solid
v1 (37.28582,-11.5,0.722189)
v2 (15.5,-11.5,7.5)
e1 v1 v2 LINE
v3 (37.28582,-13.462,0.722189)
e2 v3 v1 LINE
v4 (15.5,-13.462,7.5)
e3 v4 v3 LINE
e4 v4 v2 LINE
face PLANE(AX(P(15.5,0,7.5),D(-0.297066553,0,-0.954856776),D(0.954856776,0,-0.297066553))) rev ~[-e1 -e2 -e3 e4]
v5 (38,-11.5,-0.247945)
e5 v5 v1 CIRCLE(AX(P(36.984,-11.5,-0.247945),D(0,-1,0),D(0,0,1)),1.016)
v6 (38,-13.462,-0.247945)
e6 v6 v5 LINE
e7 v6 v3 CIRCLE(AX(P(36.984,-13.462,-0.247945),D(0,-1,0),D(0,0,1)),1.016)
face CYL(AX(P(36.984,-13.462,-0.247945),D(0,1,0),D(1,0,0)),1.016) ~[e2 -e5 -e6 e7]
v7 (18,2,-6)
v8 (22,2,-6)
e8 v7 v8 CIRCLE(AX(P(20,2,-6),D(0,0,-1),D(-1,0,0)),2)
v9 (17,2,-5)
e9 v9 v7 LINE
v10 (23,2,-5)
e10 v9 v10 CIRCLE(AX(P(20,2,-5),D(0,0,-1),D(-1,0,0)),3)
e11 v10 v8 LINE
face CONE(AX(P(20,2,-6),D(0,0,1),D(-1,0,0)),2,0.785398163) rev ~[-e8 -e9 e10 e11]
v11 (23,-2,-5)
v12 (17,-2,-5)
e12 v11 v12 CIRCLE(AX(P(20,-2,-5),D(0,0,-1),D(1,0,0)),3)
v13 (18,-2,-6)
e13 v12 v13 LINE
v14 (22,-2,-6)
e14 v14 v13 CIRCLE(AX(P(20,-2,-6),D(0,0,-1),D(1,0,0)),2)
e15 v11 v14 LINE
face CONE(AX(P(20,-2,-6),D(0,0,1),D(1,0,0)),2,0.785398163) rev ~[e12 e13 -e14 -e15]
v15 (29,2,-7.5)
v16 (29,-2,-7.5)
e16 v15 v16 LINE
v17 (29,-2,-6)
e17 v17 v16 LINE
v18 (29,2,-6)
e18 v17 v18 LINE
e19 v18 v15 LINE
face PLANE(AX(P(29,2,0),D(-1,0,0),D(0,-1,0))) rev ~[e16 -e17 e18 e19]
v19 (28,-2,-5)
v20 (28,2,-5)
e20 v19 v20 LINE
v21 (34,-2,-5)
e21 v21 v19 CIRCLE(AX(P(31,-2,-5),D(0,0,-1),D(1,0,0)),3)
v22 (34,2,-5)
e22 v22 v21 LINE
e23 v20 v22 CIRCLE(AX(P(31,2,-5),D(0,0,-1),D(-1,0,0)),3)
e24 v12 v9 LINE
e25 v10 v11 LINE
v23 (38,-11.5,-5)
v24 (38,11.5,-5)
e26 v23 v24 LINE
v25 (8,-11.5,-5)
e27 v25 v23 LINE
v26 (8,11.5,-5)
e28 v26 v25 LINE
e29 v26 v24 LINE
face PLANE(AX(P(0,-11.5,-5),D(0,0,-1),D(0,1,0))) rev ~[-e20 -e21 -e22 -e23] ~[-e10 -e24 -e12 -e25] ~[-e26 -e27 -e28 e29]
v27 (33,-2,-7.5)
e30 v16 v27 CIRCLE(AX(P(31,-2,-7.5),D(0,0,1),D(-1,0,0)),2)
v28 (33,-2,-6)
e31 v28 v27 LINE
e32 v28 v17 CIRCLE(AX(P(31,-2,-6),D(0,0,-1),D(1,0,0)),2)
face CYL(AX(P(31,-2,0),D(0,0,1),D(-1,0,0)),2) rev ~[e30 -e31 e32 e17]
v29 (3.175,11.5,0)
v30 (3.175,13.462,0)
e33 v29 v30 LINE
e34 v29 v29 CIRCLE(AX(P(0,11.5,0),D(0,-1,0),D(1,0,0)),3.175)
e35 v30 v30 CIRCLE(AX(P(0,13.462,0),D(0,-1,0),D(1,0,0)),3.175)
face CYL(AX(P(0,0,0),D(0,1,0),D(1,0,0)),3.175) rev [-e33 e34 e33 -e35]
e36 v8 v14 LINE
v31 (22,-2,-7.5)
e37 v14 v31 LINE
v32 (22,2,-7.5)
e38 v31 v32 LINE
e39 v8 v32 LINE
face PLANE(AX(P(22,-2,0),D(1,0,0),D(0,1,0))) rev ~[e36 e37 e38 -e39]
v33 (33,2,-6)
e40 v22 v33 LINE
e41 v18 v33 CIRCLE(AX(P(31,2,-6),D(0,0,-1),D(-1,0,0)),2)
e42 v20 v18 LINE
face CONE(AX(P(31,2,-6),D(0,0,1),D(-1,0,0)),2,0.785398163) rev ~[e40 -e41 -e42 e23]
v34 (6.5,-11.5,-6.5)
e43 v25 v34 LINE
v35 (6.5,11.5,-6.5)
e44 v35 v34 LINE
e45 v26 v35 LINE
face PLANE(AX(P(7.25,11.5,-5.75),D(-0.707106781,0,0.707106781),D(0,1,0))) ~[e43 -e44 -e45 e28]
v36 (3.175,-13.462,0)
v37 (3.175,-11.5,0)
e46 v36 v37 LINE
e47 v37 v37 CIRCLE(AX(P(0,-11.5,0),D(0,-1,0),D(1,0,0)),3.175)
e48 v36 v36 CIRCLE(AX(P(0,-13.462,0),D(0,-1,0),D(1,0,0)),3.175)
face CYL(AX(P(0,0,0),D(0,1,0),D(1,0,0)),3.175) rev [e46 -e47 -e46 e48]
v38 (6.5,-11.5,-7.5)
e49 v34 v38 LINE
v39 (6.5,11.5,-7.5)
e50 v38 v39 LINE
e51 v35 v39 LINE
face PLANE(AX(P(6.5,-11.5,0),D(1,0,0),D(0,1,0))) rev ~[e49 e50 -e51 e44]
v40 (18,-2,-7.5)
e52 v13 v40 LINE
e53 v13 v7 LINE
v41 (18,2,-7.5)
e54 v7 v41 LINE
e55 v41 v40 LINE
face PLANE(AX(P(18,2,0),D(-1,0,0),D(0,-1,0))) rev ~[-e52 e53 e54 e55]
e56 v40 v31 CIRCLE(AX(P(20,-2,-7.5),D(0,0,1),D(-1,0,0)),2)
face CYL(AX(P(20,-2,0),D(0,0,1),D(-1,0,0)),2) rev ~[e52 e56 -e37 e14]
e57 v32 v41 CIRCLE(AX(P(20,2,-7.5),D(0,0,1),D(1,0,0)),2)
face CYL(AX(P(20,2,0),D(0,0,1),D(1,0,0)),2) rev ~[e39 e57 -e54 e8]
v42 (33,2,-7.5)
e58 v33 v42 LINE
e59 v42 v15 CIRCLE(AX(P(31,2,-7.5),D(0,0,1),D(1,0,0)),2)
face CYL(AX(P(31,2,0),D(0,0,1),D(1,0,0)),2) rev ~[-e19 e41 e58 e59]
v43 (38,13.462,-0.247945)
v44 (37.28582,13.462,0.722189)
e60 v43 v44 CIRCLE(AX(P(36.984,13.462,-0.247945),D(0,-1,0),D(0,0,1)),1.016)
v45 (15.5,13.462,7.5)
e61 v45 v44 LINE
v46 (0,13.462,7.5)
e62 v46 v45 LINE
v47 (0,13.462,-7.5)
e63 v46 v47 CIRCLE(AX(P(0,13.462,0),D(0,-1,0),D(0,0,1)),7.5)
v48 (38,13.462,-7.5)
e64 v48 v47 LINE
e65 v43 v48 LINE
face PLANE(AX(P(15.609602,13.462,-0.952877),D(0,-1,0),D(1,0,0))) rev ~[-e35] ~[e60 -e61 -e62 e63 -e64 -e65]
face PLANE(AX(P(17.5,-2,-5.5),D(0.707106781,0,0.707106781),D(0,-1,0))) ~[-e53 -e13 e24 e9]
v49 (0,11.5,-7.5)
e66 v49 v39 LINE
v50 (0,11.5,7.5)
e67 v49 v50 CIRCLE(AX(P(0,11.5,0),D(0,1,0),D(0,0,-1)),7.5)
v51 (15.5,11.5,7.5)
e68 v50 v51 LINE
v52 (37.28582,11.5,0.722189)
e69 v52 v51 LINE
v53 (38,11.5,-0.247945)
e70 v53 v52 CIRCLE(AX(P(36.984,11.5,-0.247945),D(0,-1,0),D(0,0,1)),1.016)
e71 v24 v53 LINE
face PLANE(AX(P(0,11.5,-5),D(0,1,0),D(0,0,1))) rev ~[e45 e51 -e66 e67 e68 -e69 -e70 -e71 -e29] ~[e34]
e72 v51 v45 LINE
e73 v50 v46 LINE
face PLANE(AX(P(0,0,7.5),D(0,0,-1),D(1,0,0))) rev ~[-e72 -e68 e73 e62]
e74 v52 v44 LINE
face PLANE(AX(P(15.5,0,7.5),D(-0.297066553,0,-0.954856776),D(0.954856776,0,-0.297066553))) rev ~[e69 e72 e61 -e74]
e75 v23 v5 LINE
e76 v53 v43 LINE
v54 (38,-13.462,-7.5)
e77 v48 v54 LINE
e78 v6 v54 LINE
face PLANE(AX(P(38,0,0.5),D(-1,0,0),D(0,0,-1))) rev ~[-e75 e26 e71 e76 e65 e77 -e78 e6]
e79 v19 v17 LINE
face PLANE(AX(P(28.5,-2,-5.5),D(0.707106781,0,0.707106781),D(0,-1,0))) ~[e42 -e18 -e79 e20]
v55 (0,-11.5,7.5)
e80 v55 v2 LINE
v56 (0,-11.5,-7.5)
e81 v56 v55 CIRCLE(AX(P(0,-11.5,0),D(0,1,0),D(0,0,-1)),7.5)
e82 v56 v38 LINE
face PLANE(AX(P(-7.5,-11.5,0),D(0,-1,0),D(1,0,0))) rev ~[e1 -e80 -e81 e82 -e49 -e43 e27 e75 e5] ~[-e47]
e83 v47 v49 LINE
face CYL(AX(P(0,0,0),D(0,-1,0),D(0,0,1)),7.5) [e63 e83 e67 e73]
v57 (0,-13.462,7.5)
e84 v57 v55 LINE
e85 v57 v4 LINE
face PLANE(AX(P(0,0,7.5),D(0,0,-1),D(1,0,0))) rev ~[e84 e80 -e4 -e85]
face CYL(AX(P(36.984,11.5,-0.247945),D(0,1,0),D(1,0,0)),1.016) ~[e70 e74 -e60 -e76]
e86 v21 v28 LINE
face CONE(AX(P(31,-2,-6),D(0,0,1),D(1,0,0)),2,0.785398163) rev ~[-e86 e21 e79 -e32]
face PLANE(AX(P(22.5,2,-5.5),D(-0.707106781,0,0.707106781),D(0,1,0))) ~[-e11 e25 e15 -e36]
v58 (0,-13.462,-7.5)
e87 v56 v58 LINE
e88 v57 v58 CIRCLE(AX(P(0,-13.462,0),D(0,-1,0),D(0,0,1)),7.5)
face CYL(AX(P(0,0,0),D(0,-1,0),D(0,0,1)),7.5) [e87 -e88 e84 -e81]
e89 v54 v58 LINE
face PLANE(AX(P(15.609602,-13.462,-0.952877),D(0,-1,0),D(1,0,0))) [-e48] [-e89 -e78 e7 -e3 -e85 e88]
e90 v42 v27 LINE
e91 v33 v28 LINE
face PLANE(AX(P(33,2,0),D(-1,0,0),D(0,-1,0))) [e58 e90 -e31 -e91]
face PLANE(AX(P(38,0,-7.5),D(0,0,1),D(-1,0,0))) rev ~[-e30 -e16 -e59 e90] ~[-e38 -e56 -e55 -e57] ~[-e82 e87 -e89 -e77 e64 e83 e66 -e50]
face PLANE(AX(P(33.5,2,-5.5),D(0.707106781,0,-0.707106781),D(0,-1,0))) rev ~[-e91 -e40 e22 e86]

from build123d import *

# Parameters (mm, degrees)
SKETCH_R             = 3.175
PAD_DEPTH            = 13.462
SKETCH002_W          = 23
SKETCH002_H          = 13
POCKET_DEPTH         = 7.501
POCKET_DEPTH_BACK    = -38.001
SKETCH001_W          = 14
SKETCH001_H          = 23
POCKET001_DEPTH      = 7.501
POCKET001_DEPTH_BACK = -7.501
CHAMFER_SIZE         = 1.5
FILLET_R             = 1.016
FILLET001_R          = 1.016
CHAMFER001_SIZE      = 1
CHAMFER002_SIZE      = 1


with BuildPart() as part:
    # Sketch → Pad (new body, symmetric)
    with BuildSketch(Plane.XZ):
        with BuildLine():
            ThreePointArc((0, 7.5), (-7.5, 0), (0, -7.5))
            Line((38, -7.5), (0, -7.5))
            Line((38, 0.5), (38, -7.5))
            Line((15.5, 7.5), (38, 0.5))
            Line((0, 7.5), (15.5, 7.5))
        make_face()
        Circle(SKETCH_R, mode=Mode.SUBTRACT)
    extrude(amount=PAD_DEPTH, both=True)

    # Sketch002 → Pocket (cut, two sides)
    with BuildSketch(Plane.YZ) as pocket_sk:
        with Locations((0, 1.5)):
            Rectangle(SKETCH002_W, SKETCH002_H)
    extrude(amount=-POCKET_DEPTH, mode=Mode.SUBTRACT)
    extrude(pocket_sk.sketch, amount=-POCKET_DEPTH_BACK, mode=Mode.SUBTRACT)

    # Sketch001 → Pocket001 (cut, two sides)
    with BuildSketch(Plane.XY) as pocket001_sk:
        with Locations((-0.5, 0)):
            Rectangle(SKETCH001_W, SKETCH001_H)
        with BuildLine():
            Line((18, 2), (18, -2))
            ThreePointArc((18, -2), (20, -4), (22, -2))
            Line((22, -2), (22, 2))
            ThreePointArc((22, 2), (20, 4), (18, 2))
        make_face()
        with BuildLine():
            Line((29, 2), (29, -2))
            ThreePointArc((29, -2), (31, -4), (33, -2))
            Line((33, 2), (33, -2))
            ThreePointArc((33, 2), (31, 4), (29, 2))
        make_face()
    extrude(amount=-POCKET001_DEPTH, mode=Mode.SUBTRACT)
    extrude(pocket001_sk.sketch, amount=-POCKET001_DEPTH_BACK, mode=Mode.SUBTRACT)

    # Chamfer
    chamfer_edges = [part.edges().sort_by_distance(p)[0] for p in [
        (6.5, 0, -5),
    ]]
    chamfer(chamfer_edges, length=CHAMFER_SIZE)

    # Fillet
    fillet_edges = [part.edges().sort_by_distance(p)[0] for p in [
        (38, 12.481, 0.5),
    ]]
    fillet(fillet_edges, radius=FILLET_R)

    # Fillet001
    fillet001_edges = [part.edges().sort_by_distance(p)[0] for p in [
        (38, -12.481, 0.5),
    ]]
    fillet(fillet001_edges, radius=FILLET001_R)

    # Chamfer001
    chamfer001_edges = [part.edges().sort_by_distance(p)[0] for p in [
        (29, 0, -5),
        (31, 4, -5),
        (33, 0, -5),
        (31, -4, -5),
    ]]
    chamfer(chamfer001_edges, length=CHAMFER001_SIZE)

    # Chamfer002
    chamfer002_edges = [part.edges().sort_by_distance(p)[0] for p in [
        (22, 0, -5),
        (20, 4, -5),
        (18, 0, -5),
        (20, -4, -5),
    ]]
    chamfer(chamfer002_edges, length=CHAMFER002_SIZE)


solid = part.part
